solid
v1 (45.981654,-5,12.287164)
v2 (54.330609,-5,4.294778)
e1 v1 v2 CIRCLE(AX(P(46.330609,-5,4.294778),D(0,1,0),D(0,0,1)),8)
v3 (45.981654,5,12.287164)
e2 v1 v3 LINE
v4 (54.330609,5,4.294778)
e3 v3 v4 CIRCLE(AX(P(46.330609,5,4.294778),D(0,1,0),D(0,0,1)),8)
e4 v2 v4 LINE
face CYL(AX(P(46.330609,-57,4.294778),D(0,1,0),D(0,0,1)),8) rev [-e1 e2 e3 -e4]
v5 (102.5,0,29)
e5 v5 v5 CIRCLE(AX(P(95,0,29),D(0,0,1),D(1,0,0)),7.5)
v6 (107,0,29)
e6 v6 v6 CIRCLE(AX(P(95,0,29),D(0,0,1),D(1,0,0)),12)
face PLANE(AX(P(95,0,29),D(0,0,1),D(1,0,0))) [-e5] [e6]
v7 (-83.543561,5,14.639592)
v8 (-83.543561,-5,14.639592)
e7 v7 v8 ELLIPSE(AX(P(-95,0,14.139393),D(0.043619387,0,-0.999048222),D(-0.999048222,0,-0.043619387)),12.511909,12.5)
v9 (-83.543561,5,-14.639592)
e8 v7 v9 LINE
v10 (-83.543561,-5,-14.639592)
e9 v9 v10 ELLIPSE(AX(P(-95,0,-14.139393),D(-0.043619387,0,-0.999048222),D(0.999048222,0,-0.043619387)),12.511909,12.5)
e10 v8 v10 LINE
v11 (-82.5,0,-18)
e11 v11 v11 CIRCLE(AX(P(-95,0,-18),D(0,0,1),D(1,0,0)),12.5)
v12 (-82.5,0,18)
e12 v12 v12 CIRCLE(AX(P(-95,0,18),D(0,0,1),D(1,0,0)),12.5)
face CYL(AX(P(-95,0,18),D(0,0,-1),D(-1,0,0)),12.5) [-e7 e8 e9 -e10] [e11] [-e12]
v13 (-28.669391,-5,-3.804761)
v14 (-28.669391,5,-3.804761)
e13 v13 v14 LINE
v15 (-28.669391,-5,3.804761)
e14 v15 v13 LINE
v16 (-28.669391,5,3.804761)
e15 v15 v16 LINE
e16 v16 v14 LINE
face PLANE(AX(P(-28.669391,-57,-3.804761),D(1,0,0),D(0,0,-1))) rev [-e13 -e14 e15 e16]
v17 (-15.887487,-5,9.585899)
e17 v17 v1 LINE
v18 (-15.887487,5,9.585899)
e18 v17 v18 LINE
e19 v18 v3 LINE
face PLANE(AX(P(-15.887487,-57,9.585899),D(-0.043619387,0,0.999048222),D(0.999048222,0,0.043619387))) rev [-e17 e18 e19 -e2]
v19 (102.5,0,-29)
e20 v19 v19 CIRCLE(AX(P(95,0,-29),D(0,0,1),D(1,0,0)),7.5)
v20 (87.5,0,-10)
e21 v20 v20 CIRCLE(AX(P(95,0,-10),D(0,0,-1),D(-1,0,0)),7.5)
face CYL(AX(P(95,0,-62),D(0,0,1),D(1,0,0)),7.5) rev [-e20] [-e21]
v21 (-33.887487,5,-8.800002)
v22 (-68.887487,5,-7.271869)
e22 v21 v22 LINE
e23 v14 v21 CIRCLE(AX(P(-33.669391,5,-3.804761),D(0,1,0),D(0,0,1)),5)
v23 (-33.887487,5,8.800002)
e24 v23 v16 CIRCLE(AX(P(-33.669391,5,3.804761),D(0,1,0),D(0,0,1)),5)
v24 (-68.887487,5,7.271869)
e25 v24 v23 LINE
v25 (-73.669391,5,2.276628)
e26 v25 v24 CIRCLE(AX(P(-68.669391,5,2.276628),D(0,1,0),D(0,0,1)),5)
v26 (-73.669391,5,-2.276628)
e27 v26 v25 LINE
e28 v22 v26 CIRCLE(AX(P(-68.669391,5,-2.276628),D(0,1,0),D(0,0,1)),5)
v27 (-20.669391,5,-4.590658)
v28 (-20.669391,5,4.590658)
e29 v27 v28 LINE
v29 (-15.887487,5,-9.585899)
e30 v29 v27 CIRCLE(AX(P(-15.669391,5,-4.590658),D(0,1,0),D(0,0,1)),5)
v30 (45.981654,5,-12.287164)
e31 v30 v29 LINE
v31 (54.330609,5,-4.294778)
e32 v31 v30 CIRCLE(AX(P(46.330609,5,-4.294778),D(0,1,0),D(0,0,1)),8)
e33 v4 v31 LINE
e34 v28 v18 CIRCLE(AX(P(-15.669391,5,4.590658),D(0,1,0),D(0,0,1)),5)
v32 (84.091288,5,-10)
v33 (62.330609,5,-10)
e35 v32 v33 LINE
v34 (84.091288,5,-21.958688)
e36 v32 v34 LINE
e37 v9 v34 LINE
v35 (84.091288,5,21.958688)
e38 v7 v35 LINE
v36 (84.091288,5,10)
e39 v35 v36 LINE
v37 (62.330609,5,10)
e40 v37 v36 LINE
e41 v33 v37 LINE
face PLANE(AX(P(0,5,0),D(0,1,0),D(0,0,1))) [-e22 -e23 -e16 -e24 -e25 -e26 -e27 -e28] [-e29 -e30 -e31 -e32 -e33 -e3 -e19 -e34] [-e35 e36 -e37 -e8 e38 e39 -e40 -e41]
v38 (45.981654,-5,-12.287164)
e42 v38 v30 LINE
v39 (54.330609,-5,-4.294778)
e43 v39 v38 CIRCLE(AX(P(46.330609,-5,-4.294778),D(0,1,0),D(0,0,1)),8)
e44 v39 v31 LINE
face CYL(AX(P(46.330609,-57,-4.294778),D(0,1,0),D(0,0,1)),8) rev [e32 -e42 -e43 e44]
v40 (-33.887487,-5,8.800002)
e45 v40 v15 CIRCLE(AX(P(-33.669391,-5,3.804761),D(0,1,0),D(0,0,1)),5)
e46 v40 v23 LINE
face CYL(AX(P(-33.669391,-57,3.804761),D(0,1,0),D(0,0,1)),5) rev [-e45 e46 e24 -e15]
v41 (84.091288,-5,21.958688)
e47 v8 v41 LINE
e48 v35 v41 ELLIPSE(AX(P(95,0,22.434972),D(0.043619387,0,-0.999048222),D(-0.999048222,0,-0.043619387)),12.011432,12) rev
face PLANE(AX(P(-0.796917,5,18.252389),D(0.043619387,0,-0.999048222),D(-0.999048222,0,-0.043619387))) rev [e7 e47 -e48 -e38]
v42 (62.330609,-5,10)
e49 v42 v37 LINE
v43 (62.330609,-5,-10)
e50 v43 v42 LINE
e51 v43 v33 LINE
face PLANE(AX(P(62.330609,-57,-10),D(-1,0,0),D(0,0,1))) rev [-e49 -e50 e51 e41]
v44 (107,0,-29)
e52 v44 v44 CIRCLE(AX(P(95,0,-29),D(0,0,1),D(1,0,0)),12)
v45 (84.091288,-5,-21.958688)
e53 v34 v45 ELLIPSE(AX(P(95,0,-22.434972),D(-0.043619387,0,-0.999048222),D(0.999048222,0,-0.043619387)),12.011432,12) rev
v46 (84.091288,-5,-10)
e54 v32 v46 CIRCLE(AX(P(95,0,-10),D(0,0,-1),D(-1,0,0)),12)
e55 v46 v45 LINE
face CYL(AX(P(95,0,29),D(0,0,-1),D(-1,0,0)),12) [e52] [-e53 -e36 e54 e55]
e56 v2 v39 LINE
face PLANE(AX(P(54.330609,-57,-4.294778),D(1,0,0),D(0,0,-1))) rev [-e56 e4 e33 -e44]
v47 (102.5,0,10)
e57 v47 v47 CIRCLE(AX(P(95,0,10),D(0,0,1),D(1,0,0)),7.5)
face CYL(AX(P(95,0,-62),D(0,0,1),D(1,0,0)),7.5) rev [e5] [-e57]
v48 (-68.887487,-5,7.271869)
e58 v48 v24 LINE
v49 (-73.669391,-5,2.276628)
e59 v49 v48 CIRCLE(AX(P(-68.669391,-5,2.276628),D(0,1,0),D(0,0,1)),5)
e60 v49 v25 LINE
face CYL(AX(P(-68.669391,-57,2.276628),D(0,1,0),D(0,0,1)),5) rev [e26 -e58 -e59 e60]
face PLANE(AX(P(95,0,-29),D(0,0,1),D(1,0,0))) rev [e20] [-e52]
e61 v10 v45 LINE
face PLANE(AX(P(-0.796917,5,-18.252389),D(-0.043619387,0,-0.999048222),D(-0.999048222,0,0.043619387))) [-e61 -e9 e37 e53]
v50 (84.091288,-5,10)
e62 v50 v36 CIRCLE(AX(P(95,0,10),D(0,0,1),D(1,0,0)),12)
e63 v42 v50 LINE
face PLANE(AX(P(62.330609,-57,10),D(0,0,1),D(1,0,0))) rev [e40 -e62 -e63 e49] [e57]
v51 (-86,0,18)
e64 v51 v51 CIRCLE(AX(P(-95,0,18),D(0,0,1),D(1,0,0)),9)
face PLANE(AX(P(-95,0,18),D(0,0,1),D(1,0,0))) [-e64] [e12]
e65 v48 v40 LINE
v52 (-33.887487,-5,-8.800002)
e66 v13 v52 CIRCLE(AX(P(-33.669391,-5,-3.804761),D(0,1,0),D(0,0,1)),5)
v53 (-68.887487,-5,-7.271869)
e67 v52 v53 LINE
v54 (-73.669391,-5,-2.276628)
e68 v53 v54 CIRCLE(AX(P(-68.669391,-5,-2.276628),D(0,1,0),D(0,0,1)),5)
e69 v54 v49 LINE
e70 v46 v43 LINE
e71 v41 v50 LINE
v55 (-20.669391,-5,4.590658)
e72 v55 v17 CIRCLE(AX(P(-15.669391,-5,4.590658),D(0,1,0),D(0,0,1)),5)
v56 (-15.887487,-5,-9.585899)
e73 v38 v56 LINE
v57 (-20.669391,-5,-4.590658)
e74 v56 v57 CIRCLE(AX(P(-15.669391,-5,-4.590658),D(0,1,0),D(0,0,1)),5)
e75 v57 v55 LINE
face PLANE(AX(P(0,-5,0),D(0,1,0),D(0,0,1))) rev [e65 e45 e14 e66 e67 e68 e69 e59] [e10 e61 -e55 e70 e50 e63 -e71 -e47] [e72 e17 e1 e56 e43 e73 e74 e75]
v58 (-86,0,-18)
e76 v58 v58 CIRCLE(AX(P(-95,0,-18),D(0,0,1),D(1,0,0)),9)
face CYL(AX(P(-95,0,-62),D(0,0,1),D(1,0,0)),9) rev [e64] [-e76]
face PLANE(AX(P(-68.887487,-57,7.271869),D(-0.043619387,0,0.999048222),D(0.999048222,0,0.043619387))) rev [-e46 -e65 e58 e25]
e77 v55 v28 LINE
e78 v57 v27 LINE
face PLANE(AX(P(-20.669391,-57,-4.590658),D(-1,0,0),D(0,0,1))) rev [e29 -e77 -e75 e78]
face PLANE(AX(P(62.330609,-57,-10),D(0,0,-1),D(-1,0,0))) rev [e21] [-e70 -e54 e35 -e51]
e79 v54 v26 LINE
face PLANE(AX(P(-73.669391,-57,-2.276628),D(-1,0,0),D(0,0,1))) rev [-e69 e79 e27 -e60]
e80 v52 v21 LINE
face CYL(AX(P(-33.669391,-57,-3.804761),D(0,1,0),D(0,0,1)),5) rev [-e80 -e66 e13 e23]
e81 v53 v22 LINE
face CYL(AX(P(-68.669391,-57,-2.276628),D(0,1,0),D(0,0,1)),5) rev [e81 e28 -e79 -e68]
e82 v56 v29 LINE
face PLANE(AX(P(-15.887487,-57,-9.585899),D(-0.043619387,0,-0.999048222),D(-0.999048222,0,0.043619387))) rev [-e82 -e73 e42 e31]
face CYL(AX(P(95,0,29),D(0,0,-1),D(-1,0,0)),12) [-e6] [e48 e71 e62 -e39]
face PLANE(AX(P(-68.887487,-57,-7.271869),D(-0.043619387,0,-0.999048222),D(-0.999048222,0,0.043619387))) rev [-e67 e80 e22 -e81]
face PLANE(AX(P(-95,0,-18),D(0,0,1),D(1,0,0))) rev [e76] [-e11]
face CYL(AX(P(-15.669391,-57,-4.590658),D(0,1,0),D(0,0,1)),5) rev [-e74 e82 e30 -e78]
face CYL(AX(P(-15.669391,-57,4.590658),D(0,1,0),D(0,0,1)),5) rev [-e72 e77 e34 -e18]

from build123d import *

# Parameters (mm, degrees)
SKETCH1_R           = 12.5
BOSS_EXTRUDE1_DEPTH = 18
SKETCH2_R           = 12
BOSS_EXTRUDE2_DEPTH = 29
BOSS_EXTRUDE4_DEPTH = 5
SKETCH7_W           = 62.580609479
SKETCH7_H           = 20
CUT_EXTRUDE2_DEPTH  = 62
CUT_EXTRUDE3_DEPTH  = 62
SKETCH9_R           = 9
SKETCH9_R_2         = 7.5
CUT_EXTRUDE4_DEPTH  = 62


with BuildPart() as part:
    # Sketch1 → Boss-Extrude1 (new, symmetric)
    with BuildSketch(Plane.XY):
        with Locations((-95, 0)):
            Circle(SKETCH1_R)
    extrude(amount=BOSS_EXTRUDE1_DEPTH, both=True)



with BuildPart() as body_2:
    # Sketch2 → Boss-Extrude2 (new, symmetric)
    with BuildSketch(Plane.XY):
        with Locations(Location((95, 0, 0), (0, 0, 180))):
            Circle(SKETCH2_R)
    extrude(amount=BOSS_EXTRUDE2_DEPTH, both=True)


with BuildPart() as part_1:
    add(part.part)

    add(body_2.part)  # Boss-Extrude4 merges body 2
    # Sketch6 → Boss-Extrude4 (add, symmetric)
    with BuildSketch(Plane(origin=(0, 0, 0), x_dir=(1, 0, 0), z_dir=(0, 1, 0))):
        Polygon((95, 22.434972483), (95, -22.434972483), (-95, -14.13939333), (-95, 14.13939333), align=None)
    extrude(amount=BOSS_EXTRUDE4_DEPTH, both=True)

    # Sketch7 → Cut-Extrude2 (cut, symmetric)
    with BuildSketch(Plane(origin=(0, 5, 0), x_dir=(1, 0, 0), z_dir=(0, 1, 0))):
        with Locations((93.62091422, 0)):
            Rectangle(SKETCH7_W, SKETCH7_H)
    extrude(amount=CUT_EXTRUDE2_DEPTH, both=True, mode=Mode.SUBTRACT)

    # Sketch8 → Cut-Extrude3 (cut, symmetric)
    with BuildSketch(Plane(origin=(0, 5, 0), x_dir=(1, 0, 0), z_dir=(0, 1, 0))):
        with BuildLine():
            Line((-68.887487457, -7.271868768), (-33.887487457, -8.80000177))
            ThreePointArc((-33.887487457, -8.80000177), (-30.211825242, -7.416580473), (-28.66939052, -3.804760662))
            Line((-28.66939052, -3.804760662), (-28.66939052, 3.804760662))
            ThreePointArc((-28.66939052, 3.804760662), (-30.211825242, 7.416580473), (-33.887487457, 8.80000177))
            Line((-33.887487457, 8.80000177), (-68.887487457, 7.271868768))
            ThreePointArc((-68.887487457, 7.271868768), (-72.281210331, 5.734192939), (-73.66939052, 2.276627661))
            Line((-73.66939052, 2.276627661), (-73.66939052, -2.276627661))
            ThreePointArc((-73.66939052, -2.276627661), (-72.281210331, -5.734192939), (-68.887487457, -7.271868768))
        make_face()
        with BuildLine():
            Line((-20.66939052, 4.590657635), (-20.66939052, -4.590657635))
            ThreePointArc((-20.66939052, -4.590657635), (-19.281210331, -8.048222914), (-15.887487457, -9.585898743))
            Line((-15.887487457, -9.585898743), (45.981654381, -12.287163812))
            ThreePointArc((45.981654381, -12.287163812), (51.862713926, -10.073689736), (54.33060948, -4.29477804))
            Line((54.33060948, -4.29477804), (54.33060948, 4.29477804))
            ThreePointArc((54.33060948, 4.29477804), (51.862713926, 10.073689736), (45.981654381, 12.287163812))
            Line((45.981654381, 12.287163812), (-15.887487457, 9.585898743))
            ThreePointArc((-15.887487457, 9.585898743), (-19.281210331, 8.048222914), (-20.66939052, 4.590657635))
        make_face()
    extrude(amount=CUT_EXTRUDE3_DEPTH, both=True, mode=Mode.SUBTRACT)

    # Sketch9 → Cut-Extrude4 (cut, symmetric)
    with BuildSketch(Plane.XY):
        with Locations((-95, 0)):
            Circle(SKETCH9_R)
        with Locations((95, 0)):
            Circle(SKETCH9_R_2)
    extrude(amount=CUT_EXTRUDE4_DEPTH, both=True, mode=Mode.SUBTRACT)


solid = part_1.part
